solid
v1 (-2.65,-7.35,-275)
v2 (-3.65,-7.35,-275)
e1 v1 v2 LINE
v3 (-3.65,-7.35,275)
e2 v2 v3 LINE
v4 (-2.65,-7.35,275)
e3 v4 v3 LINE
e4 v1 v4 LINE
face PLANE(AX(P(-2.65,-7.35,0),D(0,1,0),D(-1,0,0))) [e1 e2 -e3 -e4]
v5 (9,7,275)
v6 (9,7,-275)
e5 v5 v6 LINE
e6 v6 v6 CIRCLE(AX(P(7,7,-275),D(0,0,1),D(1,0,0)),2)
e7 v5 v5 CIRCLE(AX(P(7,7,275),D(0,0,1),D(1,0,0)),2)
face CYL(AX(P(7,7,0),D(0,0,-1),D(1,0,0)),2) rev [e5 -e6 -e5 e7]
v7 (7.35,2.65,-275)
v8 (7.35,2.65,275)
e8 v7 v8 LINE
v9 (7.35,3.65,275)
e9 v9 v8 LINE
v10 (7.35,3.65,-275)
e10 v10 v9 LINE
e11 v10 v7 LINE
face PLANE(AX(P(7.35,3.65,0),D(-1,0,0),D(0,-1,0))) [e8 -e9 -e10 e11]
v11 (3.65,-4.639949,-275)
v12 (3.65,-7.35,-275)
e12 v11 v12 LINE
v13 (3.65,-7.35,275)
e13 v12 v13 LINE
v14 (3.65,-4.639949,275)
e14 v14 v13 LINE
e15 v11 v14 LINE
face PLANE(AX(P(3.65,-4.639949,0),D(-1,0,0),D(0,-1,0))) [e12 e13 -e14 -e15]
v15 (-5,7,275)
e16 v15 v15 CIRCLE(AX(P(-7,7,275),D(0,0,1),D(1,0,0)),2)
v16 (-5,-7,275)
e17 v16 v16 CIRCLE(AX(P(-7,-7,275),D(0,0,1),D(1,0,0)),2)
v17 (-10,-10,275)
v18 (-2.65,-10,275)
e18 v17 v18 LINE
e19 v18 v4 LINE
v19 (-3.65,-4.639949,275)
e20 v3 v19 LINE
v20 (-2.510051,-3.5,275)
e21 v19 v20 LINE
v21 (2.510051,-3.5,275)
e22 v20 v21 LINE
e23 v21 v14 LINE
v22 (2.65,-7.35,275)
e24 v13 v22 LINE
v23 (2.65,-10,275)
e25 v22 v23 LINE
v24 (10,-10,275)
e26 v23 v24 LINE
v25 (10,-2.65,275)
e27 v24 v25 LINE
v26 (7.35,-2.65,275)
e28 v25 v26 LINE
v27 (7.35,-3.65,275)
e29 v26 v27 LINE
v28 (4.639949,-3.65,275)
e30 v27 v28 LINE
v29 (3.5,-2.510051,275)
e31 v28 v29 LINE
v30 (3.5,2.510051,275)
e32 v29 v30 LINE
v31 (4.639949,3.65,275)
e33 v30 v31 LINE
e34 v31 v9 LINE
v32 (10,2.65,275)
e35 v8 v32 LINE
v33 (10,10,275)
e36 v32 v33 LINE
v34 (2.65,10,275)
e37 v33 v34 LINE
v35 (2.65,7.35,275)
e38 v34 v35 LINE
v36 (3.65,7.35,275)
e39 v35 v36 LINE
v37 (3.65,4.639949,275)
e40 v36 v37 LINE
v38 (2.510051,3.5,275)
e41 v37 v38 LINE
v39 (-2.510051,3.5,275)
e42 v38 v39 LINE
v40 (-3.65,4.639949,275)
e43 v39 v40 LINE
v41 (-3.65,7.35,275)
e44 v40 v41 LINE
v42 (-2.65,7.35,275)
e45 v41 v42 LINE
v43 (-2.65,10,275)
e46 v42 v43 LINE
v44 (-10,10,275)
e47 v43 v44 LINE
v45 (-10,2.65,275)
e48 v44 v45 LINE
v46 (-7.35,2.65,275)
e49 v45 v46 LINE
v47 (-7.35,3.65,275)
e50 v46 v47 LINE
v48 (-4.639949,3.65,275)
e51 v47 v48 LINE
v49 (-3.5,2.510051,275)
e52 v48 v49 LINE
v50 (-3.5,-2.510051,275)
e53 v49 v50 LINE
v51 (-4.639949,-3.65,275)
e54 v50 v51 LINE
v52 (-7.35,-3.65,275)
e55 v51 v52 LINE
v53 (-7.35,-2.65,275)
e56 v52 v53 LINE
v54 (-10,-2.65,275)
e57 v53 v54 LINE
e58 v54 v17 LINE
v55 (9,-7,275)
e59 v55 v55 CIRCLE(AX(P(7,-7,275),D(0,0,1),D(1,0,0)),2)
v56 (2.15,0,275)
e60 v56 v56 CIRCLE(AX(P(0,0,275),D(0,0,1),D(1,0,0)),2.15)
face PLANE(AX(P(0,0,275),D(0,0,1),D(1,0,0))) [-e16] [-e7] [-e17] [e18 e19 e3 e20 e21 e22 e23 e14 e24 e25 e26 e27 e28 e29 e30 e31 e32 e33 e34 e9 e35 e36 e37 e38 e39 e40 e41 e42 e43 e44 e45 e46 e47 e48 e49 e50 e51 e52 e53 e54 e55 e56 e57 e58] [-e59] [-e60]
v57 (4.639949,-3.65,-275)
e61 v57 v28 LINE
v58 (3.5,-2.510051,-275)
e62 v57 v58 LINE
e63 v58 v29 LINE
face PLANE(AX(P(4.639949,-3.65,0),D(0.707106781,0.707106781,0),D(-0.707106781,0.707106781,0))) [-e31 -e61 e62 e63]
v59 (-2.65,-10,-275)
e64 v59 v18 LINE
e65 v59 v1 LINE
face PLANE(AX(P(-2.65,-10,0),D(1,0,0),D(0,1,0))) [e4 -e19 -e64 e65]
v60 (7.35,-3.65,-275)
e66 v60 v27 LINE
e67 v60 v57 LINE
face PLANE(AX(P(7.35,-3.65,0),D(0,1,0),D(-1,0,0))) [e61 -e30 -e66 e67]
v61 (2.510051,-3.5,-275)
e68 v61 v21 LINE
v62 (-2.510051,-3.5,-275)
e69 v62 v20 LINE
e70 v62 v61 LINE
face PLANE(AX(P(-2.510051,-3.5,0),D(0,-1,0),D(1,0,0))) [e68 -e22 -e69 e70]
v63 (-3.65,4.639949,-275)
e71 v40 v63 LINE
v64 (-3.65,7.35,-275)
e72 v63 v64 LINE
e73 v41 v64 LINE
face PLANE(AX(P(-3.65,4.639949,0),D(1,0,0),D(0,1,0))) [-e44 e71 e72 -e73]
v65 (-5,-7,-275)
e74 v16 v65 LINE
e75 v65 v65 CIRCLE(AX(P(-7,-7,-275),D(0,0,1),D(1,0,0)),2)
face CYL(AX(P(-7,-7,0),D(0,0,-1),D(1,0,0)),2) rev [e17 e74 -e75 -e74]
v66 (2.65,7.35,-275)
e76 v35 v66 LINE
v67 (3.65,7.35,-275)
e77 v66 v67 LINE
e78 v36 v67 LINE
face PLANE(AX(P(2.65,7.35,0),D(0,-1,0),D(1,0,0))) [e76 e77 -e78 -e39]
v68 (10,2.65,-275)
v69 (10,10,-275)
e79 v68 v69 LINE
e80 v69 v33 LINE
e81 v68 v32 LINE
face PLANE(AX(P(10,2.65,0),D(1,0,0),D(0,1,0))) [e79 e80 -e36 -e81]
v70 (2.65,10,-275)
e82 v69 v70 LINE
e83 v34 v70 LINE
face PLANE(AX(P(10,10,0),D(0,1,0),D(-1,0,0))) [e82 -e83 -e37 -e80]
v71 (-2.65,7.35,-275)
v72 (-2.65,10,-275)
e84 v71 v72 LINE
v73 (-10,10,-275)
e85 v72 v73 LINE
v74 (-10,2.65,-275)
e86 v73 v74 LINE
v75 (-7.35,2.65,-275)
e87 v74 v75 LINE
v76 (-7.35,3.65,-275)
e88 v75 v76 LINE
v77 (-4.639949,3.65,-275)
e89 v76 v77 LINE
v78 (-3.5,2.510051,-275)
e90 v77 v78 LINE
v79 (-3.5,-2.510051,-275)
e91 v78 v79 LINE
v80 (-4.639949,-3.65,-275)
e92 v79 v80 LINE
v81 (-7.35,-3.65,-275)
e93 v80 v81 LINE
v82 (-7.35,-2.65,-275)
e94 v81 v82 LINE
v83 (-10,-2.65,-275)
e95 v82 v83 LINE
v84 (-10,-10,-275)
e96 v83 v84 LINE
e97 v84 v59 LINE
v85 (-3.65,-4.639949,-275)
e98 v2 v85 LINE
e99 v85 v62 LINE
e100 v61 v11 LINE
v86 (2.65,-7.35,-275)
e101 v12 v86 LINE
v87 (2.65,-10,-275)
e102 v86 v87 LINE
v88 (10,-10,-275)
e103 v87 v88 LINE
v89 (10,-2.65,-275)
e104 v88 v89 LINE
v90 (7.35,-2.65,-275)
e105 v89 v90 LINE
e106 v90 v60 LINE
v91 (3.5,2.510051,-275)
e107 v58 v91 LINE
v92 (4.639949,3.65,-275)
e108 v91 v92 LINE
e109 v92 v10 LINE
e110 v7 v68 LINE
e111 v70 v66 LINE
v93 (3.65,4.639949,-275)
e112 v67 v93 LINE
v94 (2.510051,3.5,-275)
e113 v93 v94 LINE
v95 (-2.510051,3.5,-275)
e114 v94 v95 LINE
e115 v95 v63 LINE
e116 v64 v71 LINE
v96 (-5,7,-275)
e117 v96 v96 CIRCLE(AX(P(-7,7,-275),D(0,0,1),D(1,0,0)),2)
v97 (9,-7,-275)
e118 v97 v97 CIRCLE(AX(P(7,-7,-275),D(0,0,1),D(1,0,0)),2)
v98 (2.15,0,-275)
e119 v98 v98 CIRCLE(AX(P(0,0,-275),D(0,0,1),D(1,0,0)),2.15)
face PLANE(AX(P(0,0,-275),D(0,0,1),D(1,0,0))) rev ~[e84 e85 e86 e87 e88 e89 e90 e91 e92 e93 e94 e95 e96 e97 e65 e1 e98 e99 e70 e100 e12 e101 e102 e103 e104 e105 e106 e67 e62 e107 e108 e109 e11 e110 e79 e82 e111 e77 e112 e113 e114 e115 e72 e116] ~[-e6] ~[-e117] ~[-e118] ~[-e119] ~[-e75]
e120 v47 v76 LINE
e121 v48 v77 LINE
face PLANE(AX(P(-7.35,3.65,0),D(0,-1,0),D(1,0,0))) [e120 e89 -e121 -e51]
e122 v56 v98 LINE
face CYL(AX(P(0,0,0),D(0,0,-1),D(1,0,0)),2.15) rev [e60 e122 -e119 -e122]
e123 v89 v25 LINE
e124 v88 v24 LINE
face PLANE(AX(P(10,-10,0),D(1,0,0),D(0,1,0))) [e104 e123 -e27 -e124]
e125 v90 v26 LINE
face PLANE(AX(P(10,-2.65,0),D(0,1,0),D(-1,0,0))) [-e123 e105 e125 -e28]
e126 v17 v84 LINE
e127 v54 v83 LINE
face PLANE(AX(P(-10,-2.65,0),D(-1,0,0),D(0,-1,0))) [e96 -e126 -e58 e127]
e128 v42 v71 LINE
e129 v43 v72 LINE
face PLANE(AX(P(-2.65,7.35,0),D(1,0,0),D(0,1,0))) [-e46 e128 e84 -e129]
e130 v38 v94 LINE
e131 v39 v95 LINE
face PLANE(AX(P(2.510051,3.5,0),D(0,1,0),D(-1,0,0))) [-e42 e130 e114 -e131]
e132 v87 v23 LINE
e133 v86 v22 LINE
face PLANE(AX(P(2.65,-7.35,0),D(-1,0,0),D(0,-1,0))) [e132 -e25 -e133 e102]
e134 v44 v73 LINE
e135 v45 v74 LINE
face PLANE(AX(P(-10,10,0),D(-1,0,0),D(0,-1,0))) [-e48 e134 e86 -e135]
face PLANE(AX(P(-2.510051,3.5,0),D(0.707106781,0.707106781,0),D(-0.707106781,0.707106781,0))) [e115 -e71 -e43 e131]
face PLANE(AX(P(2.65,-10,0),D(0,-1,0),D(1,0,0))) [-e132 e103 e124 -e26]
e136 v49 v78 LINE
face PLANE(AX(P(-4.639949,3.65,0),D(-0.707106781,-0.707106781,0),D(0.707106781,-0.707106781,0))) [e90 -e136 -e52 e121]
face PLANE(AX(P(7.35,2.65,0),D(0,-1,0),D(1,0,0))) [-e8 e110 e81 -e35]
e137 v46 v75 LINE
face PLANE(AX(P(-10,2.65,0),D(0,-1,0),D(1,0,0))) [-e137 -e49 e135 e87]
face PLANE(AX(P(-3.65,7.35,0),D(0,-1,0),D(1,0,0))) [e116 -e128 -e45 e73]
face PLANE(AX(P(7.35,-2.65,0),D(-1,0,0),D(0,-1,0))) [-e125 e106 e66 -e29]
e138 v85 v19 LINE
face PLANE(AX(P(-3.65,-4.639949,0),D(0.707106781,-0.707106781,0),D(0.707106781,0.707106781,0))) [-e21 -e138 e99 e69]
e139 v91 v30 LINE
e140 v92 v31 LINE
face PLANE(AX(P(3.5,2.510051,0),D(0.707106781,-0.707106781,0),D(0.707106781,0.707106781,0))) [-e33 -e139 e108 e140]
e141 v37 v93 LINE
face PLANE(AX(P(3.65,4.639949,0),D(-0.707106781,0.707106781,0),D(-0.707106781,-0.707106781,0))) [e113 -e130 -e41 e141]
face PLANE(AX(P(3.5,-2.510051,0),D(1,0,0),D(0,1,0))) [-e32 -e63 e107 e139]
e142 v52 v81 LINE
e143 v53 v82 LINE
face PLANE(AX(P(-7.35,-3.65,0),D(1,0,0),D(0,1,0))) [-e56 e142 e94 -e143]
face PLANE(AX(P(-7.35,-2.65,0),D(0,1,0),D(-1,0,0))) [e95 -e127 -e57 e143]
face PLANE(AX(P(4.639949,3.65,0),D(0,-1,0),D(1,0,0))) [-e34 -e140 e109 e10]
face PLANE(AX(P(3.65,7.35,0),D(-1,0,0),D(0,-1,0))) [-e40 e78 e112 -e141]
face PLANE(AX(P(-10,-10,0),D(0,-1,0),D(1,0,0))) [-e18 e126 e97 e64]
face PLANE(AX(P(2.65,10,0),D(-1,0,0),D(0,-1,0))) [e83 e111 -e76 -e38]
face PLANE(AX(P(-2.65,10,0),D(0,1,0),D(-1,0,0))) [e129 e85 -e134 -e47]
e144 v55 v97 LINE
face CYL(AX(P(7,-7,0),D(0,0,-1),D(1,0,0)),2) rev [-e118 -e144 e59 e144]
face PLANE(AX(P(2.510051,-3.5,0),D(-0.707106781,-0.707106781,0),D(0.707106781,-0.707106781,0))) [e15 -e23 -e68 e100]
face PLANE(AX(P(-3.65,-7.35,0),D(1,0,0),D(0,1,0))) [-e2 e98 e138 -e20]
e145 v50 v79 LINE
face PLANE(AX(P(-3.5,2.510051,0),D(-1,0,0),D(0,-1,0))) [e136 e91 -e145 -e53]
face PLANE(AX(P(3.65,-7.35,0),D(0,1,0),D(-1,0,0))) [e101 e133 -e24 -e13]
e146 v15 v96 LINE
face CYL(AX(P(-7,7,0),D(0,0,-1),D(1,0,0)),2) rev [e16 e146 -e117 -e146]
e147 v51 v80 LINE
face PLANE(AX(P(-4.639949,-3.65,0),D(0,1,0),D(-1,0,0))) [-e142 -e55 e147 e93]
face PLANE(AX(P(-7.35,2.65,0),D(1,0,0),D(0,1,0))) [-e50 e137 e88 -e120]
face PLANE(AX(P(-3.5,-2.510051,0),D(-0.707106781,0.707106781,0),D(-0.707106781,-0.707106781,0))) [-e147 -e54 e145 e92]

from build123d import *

# Parameters (mm, degrees)
SKETCH_1_R      = 2
SKETCH_1_R_2    = 2.15
EXTRUDE_1_DEPTH = 275


with BuildPart() as part:
    # 스케치1 → 보스-돌출1 (new, symmetric)
    with BuildSketch(Plane.XY):
        Polygon((-10, -10), (-2.65, -10), (-2.65, -7.35), (-3.65, -7.35), (-3.65, -4.639949494), (-2.510050506, -3.5), (0, -3.5), (2.510050506, -3.5), (3.65, -4.639949494), (3.65, -7.35), (2.65, -7.35), (2.65, -10), (10, -10), (10, -2.65), (7.35, -2.65), (7.35, -3.65), (4.639949494, -3.65), (3.5, -2.510050506), (3.5, 0), (3.5, 2.510050506), (4.639949494, 3.65), (7.35, 3.65), (7.35, 2.65), (10, 2.65), (10, 10), (2.65, 10), (2.65, 7.35), (3.65, 7.35), (3.65, 4.639949494), (2.510050506, 3.5), (0, 3.5), (-2.510050506, 3.5), (-3.65, 4.639949494), (-3.65, 7.35), (-2.65, 7.35), (-2.65, 10), (-10, 10), (-10, 2.65), (-7.35, 2.65), (-7.35, 3.65), (-4.639949494, 3.65), (-3.5, 2.510050506), (-3.5, 0), (-3.5, -2.510050506), (-4.639949494, -3.65), (-7.35, -3.65), (-7.35, -2.65), (-10, -2.65), align=None)
        with Locations((-7, 7)):
            Circle(SKETCH_1_R, mode=Mode.SUBTRACT)
        Circle(SKETCH_1_R_2, mode=Mode.SUBTRACT)
        with Locations((7, 7)):
            Circle(SKETCH_1_R, mode=Mode.SUBTRACT)
        with Locations((-7, -7)):
            Circle(SKETCH_1_R, mode=Mode.SUBTRACT)
        with Locations((7, -7)):
            Circle(SKETCH_1_R, mode=Mode.SUBTRACT)
    extrude(amount=EXTRUDE_1_DEPTH, both=True)


solid = part.part
